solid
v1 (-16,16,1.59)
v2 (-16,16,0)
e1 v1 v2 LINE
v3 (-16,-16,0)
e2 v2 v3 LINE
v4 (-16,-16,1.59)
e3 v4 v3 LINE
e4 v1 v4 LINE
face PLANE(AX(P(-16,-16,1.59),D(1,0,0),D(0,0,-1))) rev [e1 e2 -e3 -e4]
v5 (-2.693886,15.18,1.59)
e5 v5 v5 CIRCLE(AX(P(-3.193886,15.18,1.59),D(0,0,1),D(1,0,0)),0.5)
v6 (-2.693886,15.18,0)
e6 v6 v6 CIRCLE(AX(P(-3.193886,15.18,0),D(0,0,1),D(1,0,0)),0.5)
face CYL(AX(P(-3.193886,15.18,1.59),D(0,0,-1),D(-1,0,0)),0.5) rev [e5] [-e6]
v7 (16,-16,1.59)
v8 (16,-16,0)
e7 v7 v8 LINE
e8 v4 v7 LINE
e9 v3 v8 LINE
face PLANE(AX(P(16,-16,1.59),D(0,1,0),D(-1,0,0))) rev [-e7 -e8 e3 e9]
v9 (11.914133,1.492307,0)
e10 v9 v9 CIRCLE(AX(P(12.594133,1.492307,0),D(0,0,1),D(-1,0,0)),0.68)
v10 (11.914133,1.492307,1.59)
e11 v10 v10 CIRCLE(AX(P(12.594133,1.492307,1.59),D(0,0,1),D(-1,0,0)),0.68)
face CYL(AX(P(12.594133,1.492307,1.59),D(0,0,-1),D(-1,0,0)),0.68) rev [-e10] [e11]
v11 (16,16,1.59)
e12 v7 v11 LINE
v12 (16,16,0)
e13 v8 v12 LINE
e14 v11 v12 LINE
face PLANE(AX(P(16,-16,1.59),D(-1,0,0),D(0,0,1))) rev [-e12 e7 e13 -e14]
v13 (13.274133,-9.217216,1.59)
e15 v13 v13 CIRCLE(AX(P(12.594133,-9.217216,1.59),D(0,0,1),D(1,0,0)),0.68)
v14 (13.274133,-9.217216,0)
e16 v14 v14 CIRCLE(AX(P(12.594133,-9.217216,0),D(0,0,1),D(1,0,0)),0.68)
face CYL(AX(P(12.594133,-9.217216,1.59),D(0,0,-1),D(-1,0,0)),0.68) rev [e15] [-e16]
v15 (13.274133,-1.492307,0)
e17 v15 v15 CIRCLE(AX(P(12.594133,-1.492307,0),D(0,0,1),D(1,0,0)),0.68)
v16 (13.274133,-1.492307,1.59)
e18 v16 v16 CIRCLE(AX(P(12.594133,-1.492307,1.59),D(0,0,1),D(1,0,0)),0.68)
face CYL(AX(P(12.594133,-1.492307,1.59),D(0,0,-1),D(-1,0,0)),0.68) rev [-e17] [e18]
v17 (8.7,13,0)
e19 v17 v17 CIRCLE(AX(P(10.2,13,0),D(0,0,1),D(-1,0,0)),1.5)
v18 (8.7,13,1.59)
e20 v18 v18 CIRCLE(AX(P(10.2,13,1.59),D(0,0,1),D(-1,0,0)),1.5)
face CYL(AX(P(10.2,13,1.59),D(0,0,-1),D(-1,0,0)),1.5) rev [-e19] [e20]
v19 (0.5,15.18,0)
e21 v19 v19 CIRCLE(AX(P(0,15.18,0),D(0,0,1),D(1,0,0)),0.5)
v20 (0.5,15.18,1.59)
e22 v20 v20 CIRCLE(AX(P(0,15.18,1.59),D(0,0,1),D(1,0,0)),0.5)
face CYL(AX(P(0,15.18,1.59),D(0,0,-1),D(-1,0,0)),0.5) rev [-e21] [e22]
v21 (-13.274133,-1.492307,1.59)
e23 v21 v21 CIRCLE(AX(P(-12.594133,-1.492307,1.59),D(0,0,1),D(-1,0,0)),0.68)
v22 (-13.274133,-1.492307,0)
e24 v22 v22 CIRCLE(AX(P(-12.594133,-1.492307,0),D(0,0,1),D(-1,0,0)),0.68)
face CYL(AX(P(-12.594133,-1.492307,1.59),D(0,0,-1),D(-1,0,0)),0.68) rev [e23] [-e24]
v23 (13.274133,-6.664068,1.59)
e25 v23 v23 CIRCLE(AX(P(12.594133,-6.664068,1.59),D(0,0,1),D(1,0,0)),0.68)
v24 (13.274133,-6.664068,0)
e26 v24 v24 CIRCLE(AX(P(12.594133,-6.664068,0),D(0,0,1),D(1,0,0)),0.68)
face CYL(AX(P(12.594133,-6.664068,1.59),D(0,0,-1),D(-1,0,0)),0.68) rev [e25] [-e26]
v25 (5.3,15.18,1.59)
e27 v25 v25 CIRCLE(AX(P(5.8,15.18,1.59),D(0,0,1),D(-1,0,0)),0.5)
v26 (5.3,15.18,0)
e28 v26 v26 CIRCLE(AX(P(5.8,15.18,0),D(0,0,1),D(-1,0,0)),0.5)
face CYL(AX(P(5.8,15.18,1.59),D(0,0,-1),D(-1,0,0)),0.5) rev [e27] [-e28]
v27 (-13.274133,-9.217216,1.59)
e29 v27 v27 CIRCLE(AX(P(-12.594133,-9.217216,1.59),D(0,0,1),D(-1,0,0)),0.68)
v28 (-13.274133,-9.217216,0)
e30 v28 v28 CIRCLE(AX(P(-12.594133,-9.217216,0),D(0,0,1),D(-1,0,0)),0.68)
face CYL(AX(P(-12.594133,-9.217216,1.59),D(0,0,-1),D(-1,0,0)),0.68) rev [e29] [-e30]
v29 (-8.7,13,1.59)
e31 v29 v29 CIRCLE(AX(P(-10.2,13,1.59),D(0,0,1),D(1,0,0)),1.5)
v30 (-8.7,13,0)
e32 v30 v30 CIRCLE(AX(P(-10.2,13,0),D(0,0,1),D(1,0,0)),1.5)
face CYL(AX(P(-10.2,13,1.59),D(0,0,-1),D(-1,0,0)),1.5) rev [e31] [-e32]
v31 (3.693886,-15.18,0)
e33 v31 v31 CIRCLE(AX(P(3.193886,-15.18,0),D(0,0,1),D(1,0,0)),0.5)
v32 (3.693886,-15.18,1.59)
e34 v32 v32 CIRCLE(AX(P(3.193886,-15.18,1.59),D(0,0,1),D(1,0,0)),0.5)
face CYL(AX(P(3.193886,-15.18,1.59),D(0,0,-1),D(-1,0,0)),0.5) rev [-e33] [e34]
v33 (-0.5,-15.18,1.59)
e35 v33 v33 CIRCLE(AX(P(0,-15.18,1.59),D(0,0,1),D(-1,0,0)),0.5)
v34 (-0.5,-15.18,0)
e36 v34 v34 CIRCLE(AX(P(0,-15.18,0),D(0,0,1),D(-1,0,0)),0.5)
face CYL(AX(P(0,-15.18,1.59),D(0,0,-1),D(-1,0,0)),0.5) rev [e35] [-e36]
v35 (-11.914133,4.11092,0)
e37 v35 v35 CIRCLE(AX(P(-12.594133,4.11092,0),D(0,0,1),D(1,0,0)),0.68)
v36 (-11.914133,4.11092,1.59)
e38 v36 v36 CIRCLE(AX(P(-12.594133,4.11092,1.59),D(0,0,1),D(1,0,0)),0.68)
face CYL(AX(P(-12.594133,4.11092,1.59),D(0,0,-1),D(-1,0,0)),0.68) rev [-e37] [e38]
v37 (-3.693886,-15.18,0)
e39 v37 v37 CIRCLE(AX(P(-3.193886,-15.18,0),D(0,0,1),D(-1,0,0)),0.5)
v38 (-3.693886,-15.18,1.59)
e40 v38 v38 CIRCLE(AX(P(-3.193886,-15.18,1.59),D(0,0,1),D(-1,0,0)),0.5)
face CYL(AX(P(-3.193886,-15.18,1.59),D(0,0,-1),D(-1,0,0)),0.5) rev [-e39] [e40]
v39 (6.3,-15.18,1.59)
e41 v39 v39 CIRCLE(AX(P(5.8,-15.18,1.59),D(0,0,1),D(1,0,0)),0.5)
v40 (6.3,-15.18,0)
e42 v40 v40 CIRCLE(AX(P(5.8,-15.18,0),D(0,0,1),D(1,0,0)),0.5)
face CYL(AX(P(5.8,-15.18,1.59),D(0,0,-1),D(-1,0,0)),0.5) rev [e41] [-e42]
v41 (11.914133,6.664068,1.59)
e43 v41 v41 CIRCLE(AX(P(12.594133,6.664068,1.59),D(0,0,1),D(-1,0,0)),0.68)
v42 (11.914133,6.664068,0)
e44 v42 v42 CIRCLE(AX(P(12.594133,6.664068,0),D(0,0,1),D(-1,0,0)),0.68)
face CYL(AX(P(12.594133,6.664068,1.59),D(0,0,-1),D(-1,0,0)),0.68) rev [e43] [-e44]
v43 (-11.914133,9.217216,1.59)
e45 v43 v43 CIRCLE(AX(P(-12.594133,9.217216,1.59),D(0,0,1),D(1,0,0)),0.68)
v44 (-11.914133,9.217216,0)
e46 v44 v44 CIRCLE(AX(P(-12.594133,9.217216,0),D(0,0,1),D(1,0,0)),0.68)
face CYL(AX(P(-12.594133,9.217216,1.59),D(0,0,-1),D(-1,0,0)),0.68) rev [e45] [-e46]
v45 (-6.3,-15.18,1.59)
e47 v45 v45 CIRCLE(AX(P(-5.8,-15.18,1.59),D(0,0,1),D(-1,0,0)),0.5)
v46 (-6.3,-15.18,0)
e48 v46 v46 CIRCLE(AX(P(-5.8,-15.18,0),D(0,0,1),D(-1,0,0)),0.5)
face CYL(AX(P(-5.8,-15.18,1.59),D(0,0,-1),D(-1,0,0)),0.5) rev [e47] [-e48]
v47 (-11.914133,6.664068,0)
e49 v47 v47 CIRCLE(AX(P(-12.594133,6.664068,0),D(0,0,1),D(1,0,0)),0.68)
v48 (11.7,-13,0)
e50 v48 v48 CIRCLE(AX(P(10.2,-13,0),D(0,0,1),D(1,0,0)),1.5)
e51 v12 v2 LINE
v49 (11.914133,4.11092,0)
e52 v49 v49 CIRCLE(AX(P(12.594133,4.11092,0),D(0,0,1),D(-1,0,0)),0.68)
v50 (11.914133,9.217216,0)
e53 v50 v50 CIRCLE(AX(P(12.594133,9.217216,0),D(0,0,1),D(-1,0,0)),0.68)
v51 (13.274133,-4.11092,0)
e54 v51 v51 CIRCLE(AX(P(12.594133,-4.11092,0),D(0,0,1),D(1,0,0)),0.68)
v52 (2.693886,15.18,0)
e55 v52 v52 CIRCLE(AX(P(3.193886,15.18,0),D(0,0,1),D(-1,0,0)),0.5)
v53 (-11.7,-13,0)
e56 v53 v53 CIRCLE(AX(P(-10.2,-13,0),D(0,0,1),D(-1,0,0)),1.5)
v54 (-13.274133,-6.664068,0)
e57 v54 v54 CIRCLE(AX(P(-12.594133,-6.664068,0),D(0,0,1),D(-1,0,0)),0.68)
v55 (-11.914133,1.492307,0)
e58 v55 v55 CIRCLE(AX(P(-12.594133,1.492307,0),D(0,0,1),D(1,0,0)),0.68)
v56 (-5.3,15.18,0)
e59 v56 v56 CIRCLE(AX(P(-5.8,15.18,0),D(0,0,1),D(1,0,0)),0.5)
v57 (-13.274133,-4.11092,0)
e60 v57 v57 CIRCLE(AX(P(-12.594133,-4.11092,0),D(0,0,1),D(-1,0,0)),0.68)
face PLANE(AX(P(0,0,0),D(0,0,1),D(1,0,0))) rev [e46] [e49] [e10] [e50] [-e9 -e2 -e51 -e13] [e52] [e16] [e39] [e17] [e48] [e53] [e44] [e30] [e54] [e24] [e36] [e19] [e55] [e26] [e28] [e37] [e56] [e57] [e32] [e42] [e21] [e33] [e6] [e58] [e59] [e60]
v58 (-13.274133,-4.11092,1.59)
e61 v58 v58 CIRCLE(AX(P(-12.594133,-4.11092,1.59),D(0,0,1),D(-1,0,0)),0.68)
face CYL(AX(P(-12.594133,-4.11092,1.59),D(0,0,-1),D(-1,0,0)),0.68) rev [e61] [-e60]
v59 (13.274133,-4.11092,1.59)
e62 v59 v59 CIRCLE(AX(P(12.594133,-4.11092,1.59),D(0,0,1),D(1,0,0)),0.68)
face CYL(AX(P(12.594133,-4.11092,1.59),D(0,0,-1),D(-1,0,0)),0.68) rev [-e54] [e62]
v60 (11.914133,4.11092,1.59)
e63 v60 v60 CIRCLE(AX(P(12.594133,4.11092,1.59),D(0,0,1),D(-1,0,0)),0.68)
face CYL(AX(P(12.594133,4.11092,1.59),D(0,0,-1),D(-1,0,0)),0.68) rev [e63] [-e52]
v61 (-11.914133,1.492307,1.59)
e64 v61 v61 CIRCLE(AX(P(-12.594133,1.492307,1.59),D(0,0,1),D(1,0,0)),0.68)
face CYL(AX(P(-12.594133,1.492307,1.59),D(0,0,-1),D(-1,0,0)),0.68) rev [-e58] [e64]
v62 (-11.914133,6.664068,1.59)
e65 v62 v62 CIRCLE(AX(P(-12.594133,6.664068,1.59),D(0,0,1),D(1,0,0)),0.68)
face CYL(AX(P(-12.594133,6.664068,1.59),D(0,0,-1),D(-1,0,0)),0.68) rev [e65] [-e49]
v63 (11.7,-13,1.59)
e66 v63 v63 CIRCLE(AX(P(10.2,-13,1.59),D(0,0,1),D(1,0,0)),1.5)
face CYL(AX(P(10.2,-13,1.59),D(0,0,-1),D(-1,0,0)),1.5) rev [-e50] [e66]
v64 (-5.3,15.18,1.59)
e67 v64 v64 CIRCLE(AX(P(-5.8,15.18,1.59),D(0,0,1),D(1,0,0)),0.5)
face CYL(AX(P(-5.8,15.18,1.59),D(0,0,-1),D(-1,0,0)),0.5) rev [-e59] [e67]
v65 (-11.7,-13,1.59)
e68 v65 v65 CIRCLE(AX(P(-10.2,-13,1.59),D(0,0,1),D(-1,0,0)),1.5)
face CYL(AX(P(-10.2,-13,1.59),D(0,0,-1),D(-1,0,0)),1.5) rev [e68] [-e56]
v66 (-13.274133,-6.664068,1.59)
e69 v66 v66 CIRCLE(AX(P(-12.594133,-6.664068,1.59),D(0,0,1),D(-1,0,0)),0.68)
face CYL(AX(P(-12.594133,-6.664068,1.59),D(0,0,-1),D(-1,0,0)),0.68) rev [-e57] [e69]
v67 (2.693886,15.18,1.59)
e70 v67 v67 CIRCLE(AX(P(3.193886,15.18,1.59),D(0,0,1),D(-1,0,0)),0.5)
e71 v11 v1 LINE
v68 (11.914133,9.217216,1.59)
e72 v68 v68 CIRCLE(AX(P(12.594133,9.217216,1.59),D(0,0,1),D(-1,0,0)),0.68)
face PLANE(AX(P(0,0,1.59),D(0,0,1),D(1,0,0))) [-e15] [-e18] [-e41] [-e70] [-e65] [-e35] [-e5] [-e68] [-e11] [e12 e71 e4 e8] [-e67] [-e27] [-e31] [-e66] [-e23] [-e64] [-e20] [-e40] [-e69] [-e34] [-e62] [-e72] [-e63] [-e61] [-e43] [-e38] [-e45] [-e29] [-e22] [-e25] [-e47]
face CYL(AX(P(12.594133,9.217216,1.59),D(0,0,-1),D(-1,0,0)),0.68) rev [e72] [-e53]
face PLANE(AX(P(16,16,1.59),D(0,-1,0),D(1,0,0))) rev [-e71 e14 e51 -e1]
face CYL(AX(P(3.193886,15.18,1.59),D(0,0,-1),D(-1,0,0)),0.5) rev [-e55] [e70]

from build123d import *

# Parameters (mm, degrees)
SKETCH_3_W      = 32
SKETCH_3_H      = 32
SKETCH_3_R      = 1.5
SKETCH_3_R_2    = 0.68
SKETCH_3_R_3    = 0.5
EXTRUDE_5_DEPTH = 1.59


with BuildPart() as part:
    # 草图3 → 凸台-拉伸5 (new body)
    with BuildSketch(Plane.XY):
        Rectangle(SKETCH_3_W, SKETCH_3_H)
        with Locations((-10.2, 13)):
            Circle(SKETCH_3_R, mode=Mode.SUBTRACT)
        with Locations((10.2, 13)):
            Circle(SKETCH_3_R, mode=Mode.SUBTRACT)
        with Locations((10.2, -13)):
            Circle(SKETCH_3_R, mode=Mode.SUBTRACT)
        with Locations((-10.2, -13)):
            Circle(SKETCH_3_R, mode=Mode.SUBTRACT)
        with Locations((-12.594133286, 9.217216134)):
            Circle(SKETCH_3_R_2, mode=Mode.SUBTRACT)
        with Locations((-12.594133286, 6.664068101)):
            Circle(SKETCH_3_R_2, mode=Mode.SUBTRACT)
        with Locations((-12.594133286, 4.110920068)):
            Circle(SKETCH_3_R_2, mode=Mode.SUBTRACT)
        with Locations((-12.594133286, 1.492306701)):
            Circle(SKETCH_3_R_2, mode=Mode.SUBTRACT)
        with Locations((-12.594133286, -1.492306701)):
            Circle(SKETCH_3_R_2, mode=Mode.SUBTRACT)
        with Locations((-12.594133286, -4.110920068)):
            Circle(SKETCH_3_R_2, mode=Mode.SUBTRACT)
        with Locations((-12.594133286, -6.664068101)):
            Circle(SKETCH_3_R_2, mode=Mode.SUBTRACT)
        with Locations((-12.594133286, -9.217216134)):
            Circle(SKETCH_3_R_2, mode=Mode.SUBTRACT)
        with Locations((12.594133286, -9.217216134)):
            Circle(SKETCH_3_R_2, mode=Mode.SUBTRACT)
        with Locations((12.594133286, -6.664068101)):
            Circle(SKETCH_3_R_2, mode=Mode.SUBTRACT)
        with Locations((12.594133286, -4.110920068)):
            Circle(SKETCH_3_R_2, mode=Mode.SUBTRACT)
        with Locations((12.594133286, -1.492306701)):
            Circle(SKETCH_3_R_2, mode=Mode.SUBTRACT)
        with Locations((12.594133286, 1.492306701)):
            Circle(SKETCH_3_R_2, mode=Mode.SUBTRACT)
        with Locations((12.594133286, 4.110920068)):
            Circle(SKETCH_3_R_2, mode=Mode.SUBTRACT)
        with Locations((12.594133286, 6.664068101)):
            Circle(SKETCH_3_R_2, mode=Mode.SUBTRACT)
        with Locations((12.594133286, 9.217216134)):
            Circle(SKETCH_3_R_2, mode=Mode.SUBTRACT)
        with Locations((-5.8, 15.18)):
            Circle(SKETCH_3_R_3, mode=Mode.SUBTRACT)
        with Locations((0, 15.18)):
            Circle(SKETCH_3_R_3, mode=Mode.SUBTRACT)
        with Locations((-3.193886251, 15.18)):
            Circle(SKETCH_3_R_3, mode=Mode.SUBTRACT)
        with Locations((3.193886251, 15.18)):
            Circle(SKETCH_3_R_3, mode=Mode.SUBTRACT)
        with Locations((5.8, 15.18)):
            Circle(SKETCH_3_R_3, mode=Mode.SUBTRACT)
        with Locations((5.8, -15.18)):
            Circle(SKETCH_3_R_3, mode=Mode.SUBTRACT)
        with Locations((3.193886251, -15.18)):
            Circle(SKETCH_3_R_3, mode=Mode.SUBTRACT)
        with Locations((0, -15.18)):
            Circle(SKETCH_3_R_3, mode=Mode.SUBTRACT)
        with Locations((-3.193886251, -15.18)):
            Circle(SKETCH_3_R_3, mode=Mode.SUBTRACT)
        with Locations((-5.8, -15.18)):
            Circle(SKETCH_3_R_3, mode=Mode.SUBTRACT)
    extrude(amount=EXTRUDE_5_DEPTH)


solid = part.part
